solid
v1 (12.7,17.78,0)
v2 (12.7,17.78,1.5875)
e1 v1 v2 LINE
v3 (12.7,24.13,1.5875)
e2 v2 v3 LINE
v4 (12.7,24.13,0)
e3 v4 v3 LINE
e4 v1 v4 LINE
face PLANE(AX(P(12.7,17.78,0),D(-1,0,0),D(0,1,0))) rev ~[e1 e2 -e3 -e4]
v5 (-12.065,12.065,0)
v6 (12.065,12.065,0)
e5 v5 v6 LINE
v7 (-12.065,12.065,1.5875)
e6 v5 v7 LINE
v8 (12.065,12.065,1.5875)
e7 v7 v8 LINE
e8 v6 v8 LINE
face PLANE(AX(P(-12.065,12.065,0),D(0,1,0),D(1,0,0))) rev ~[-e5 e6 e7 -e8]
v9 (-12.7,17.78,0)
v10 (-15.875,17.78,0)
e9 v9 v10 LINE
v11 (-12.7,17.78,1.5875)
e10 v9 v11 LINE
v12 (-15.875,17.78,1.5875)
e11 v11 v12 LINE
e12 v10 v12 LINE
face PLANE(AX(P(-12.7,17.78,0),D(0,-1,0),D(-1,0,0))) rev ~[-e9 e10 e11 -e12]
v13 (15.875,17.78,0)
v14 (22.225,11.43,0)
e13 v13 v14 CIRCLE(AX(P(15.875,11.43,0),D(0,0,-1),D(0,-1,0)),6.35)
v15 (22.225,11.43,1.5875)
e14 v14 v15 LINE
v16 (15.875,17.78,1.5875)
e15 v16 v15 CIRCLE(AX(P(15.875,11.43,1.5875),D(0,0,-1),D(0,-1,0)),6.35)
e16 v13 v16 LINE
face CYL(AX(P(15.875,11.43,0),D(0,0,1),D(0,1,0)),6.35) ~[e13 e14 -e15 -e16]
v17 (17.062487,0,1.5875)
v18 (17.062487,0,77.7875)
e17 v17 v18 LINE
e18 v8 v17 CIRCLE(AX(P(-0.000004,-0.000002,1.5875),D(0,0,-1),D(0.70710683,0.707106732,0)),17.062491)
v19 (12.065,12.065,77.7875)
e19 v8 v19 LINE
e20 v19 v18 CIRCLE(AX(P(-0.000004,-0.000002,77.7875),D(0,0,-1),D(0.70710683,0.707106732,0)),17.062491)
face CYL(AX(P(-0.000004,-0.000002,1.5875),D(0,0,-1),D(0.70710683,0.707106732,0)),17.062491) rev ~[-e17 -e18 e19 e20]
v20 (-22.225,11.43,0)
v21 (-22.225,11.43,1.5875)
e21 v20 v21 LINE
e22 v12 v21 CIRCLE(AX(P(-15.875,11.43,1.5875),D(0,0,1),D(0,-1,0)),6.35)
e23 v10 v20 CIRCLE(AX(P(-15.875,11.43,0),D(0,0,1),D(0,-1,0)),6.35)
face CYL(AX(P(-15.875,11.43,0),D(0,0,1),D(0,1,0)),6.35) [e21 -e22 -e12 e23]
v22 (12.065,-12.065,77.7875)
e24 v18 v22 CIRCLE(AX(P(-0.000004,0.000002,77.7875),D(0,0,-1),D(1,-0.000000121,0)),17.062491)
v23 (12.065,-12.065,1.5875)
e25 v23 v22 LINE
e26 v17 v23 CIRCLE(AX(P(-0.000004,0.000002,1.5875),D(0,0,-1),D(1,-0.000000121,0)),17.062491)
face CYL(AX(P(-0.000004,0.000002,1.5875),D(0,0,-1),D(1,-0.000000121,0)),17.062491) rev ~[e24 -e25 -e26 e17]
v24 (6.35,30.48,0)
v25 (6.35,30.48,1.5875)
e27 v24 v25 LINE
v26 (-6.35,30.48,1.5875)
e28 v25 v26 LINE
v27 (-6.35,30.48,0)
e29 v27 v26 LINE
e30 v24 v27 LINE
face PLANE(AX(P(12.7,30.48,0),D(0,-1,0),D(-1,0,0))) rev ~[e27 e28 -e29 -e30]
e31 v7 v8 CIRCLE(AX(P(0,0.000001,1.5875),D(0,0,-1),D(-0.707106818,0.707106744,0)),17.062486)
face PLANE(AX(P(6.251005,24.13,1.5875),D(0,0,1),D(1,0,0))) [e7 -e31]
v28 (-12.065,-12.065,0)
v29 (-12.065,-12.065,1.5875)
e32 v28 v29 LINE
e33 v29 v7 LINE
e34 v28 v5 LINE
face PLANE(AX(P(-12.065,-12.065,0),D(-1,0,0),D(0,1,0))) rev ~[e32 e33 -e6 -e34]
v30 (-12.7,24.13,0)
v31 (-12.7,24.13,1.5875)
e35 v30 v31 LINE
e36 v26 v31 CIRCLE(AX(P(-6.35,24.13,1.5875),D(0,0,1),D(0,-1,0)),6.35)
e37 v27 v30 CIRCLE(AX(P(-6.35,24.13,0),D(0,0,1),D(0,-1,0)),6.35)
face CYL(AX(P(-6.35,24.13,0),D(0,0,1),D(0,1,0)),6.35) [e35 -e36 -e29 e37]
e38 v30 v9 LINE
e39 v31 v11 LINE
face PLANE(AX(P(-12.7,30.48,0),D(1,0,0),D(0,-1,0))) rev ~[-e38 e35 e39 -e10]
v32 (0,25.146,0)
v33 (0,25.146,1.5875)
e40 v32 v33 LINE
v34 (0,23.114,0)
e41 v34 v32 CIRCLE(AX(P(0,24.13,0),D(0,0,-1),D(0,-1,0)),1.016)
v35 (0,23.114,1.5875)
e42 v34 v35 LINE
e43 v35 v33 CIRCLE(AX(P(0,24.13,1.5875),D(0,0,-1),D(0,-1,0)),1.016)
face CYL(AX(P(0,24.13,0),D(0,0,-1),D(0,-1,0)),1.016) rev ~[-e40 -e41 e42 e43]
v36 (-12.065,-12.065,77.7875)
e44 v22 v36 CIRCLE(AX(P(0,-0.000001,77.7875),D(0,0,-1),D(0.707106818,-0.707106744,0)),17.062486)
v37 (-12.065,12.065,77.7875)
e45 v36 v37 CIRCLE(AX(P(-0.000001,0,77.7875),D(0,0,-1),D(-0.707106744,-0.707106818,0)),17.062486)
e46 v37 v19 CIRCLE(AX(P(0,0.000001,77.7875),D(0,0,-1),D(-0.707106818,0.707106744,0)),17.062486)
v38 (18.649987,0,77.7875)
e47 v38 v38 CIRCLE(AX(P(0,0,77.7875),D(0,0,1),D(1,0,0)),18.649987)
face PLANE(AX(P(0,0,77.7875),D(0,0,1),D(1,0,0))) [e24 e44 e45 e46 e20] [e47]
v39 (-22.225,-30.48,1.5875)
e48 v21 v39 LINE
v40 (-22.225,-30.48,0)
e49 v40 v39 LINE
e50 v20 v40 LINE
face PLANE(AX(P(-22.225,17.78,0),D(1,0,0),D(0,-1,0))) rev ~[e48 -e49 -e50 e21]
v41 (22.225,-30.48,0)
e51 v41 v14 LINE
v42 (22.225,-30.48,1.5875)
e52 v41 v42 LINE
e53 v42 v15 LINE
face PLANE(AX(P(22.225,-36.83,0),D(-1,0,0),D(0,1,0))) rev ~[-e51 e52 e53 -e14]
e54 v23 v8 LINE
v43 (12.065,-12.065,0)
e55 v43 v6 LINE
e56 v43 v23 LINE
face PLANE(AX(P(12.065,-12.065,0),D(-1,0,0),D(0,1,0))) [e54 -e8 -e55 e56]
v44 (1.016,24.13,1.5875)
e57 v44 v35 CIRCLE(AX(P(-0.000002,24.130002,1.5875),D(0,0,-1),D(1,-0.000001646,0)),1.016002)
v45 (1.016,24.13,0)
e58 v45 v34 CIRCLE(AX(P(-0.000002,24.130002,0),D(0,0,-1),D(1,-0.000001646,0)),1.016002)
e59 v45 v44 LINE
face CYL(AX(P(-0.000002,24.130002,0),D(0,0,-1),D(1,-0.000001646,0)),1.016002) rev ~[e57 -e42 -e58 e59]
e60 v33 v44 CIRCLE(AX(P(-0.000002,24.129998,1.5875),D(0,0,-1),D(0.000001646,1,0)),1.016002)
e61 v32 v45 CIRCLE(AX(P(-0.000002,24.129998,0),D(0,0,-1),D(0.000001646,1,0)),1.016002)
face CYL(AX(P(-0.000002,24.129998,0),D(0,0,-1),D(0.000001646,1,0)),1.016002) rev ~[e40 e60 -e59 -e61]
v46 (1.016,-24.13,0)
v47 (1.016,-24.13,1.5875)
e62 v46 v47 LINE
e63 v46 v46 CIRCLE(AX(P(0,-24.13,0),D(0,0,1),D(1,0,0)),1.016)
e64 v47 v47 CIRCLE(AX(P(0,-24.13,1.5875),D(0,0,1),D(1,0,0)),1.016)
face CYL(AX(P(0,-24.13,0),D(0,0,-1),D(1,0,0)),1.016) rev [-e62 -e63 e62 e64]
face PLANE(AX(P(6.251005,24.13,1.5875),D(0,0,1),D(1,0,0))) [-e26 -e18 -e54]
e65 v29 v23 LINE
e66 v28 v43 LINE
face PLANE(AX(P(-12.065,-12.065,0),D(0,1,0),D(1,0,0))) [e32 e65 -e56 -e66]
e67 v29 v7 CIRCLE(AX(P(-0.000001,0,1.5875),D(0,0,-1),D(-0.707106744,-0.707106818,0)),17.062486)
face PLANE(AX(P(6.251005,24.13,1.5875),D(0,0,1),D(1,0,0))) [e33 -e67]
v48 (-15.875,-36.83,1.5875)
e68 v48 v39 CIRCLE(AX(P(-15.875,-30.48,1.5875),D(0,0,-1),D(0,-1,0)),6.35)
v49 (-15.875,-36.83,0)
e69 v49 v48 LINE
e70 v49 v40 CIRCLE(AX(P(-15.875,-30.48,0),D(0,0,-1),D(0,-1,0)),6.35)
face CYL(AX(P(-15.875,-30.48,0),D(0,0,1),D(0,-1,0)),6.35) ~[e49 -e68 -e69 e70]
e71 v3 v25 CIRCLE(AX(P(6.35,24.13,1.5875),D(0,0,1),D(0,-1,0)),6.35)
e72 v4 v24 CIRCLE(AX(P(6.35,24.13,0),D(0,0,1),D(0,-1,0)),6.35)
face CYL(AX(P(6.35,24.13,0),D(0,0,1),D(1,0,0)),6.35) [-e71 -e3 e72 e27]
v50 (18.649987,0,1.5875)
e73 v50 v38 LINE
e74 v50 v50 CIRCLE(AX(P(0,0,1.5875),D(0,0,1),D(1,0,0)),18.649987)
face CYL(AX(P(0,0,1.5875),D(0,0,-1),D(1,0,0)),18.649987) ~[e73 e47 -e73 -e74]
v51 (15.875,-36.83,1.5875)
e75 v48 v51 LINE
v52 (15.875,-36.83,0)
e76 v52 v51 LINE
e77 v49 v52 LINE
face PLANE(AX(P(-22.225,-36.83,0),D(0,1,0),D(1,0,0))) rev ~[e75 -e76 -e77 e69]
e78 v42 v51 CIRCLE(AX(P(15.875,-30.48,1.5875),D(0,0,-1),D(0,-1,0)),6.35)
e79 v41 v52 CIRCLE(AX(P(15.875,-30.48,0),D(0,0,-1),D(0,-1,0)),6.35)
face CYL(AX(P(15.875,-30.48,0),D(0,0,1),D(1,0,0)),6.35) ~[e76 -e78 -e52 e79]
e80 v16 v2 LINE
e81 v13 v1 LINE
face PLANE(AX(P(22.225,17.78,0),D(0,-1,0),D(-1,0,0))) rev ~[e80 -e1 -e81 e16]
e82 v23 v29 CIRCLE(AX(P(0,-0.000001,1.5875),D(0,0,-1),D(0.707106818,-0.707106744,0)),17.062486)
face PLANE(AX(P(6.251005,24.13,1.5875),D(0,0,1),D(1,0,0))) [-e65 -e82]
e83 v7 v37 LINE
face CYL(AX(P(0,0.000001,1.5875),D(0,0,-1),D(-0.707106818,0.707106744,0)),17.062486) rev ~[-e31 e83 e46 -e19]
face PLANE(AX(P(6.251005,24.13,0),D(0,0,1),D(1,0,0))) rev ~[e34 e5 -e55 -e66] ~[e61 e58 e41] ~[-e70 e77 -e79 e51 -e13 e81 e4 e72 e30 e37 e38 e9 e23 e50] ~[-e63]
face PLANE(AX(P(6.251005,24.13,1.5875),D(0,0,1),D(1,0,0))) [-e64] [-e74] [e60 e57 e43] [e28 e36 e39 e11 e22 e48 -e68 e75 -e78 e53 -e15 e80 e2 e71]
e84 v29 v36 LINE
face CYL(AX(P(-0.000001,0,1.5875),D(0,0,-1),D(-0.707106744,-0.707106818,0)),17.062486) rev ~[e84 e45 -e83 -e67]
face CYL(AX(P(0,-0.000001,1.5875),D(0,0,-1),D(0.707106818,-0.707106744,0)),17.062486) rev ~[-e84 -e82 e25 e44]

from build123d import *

# Parameters (mm, degrees)
F0_W     = 24.13
F0_H     = 24.13
F0_W_2   = 44.45
F0_H_2   = 19.05
F0_R     = 1.016
F1_DEPTH = 1.5875
F2_R     = 6.35
F3_R     = 18.649987
F4_DEPTH = 76.2


with BuildPart() as f1:
    # F0 (on Top) → F1 (new body)
    with BuildSketch(Plane.XY):
        with BuildLine():
            Line((0, 17.78), (12.7, 17.78))
            Line((12.7, 17.78), (12.7, 30.48))
            Line((12.7, 30.48), (0, 30.48))
            Line((0, 30.48), (0, 25.146))
            ThreePointArc((0, 25.146), (0.71842, 24.84842), (1.016, 24.13))
            ThreePointArc((1.016, 24.13), (0.71842, 23.41158), (0, 23.114))
            Line((0, 23.114), (0, 17.78))
        make_face()
        with BuildLine():
            Line((-12.7, 30.48), (-12.7, 17.78))
            Line((-12.7, 17.78), (0, 17.78))
            Line((0, 17.78), (0, 23.114))
            ThreePointArc((0, 23.114), (-1.016, 24.13), (0, 25.146))
            Line((0, 25.146), (0, 30.48))
            Line((0, 30.48), (-12.7, 30.48))
        make_face()
        Polygon((-22.225, -17.78), (22.225, -17.78), (22.225, 17.78), (12.7, 17.78), (0, 17.78), (-12.7, 17.78), (-22.225, 17.78), align=None)
        Rectangle(F0_W, F0_H, mode=Mode.SUBTRACT)
        with Locations((0, -27.305)):
            Rectangle(F0_W_2, F0_H_2)
        with Locations((0, -24.13)):
            Circle(F0_R, mode=Mode.SUBTRACT)
    extrude(amount=F1_DEPTH)

    # F2
    f2_edges = [f1.edges().sort_by_distance(p)[0] for p in [
        (-12.7, 30.48, 0.79375),
        (-22.225, 17.78, 0.79375),
        (12.7, 30.48, 0.79375),
        (22.225, 17.78, 0.79375),
        (22.225, -36.83, 0.79375),
        (-22.225, -36.83, 0.79375),
    ]]
    fillet(f2_edges, radius=F2_R)

    # F3 (on face) → F4 (join)
    with BuildSketch(Plane.XY.offset(1.5875)):
        Circle(F3_R)
        with BuildLine():
            ThreePointArc((12.065, 12.065), (15.763682, 6.529531), (17.062487, 0))
            ThreePointArc((17.062487, 0), (15.763682, -6.529531), (12.065, -12.065))
            ThreePointArc((12.065, -12.065), (0, -17.062487), (-12.065, -12.065))
            ThreePointArc((-12.065, -12.065), (-17.062487, 0), (-12.065, 12.065))
            ThreePointArc((-12.065, 12.065), (0, 17.062487), (12.065, 12.065))
        make_face(mode=Mode.SUBTRACT)
    extrude(amount=F4_DEPTH)


solid = f1.part
